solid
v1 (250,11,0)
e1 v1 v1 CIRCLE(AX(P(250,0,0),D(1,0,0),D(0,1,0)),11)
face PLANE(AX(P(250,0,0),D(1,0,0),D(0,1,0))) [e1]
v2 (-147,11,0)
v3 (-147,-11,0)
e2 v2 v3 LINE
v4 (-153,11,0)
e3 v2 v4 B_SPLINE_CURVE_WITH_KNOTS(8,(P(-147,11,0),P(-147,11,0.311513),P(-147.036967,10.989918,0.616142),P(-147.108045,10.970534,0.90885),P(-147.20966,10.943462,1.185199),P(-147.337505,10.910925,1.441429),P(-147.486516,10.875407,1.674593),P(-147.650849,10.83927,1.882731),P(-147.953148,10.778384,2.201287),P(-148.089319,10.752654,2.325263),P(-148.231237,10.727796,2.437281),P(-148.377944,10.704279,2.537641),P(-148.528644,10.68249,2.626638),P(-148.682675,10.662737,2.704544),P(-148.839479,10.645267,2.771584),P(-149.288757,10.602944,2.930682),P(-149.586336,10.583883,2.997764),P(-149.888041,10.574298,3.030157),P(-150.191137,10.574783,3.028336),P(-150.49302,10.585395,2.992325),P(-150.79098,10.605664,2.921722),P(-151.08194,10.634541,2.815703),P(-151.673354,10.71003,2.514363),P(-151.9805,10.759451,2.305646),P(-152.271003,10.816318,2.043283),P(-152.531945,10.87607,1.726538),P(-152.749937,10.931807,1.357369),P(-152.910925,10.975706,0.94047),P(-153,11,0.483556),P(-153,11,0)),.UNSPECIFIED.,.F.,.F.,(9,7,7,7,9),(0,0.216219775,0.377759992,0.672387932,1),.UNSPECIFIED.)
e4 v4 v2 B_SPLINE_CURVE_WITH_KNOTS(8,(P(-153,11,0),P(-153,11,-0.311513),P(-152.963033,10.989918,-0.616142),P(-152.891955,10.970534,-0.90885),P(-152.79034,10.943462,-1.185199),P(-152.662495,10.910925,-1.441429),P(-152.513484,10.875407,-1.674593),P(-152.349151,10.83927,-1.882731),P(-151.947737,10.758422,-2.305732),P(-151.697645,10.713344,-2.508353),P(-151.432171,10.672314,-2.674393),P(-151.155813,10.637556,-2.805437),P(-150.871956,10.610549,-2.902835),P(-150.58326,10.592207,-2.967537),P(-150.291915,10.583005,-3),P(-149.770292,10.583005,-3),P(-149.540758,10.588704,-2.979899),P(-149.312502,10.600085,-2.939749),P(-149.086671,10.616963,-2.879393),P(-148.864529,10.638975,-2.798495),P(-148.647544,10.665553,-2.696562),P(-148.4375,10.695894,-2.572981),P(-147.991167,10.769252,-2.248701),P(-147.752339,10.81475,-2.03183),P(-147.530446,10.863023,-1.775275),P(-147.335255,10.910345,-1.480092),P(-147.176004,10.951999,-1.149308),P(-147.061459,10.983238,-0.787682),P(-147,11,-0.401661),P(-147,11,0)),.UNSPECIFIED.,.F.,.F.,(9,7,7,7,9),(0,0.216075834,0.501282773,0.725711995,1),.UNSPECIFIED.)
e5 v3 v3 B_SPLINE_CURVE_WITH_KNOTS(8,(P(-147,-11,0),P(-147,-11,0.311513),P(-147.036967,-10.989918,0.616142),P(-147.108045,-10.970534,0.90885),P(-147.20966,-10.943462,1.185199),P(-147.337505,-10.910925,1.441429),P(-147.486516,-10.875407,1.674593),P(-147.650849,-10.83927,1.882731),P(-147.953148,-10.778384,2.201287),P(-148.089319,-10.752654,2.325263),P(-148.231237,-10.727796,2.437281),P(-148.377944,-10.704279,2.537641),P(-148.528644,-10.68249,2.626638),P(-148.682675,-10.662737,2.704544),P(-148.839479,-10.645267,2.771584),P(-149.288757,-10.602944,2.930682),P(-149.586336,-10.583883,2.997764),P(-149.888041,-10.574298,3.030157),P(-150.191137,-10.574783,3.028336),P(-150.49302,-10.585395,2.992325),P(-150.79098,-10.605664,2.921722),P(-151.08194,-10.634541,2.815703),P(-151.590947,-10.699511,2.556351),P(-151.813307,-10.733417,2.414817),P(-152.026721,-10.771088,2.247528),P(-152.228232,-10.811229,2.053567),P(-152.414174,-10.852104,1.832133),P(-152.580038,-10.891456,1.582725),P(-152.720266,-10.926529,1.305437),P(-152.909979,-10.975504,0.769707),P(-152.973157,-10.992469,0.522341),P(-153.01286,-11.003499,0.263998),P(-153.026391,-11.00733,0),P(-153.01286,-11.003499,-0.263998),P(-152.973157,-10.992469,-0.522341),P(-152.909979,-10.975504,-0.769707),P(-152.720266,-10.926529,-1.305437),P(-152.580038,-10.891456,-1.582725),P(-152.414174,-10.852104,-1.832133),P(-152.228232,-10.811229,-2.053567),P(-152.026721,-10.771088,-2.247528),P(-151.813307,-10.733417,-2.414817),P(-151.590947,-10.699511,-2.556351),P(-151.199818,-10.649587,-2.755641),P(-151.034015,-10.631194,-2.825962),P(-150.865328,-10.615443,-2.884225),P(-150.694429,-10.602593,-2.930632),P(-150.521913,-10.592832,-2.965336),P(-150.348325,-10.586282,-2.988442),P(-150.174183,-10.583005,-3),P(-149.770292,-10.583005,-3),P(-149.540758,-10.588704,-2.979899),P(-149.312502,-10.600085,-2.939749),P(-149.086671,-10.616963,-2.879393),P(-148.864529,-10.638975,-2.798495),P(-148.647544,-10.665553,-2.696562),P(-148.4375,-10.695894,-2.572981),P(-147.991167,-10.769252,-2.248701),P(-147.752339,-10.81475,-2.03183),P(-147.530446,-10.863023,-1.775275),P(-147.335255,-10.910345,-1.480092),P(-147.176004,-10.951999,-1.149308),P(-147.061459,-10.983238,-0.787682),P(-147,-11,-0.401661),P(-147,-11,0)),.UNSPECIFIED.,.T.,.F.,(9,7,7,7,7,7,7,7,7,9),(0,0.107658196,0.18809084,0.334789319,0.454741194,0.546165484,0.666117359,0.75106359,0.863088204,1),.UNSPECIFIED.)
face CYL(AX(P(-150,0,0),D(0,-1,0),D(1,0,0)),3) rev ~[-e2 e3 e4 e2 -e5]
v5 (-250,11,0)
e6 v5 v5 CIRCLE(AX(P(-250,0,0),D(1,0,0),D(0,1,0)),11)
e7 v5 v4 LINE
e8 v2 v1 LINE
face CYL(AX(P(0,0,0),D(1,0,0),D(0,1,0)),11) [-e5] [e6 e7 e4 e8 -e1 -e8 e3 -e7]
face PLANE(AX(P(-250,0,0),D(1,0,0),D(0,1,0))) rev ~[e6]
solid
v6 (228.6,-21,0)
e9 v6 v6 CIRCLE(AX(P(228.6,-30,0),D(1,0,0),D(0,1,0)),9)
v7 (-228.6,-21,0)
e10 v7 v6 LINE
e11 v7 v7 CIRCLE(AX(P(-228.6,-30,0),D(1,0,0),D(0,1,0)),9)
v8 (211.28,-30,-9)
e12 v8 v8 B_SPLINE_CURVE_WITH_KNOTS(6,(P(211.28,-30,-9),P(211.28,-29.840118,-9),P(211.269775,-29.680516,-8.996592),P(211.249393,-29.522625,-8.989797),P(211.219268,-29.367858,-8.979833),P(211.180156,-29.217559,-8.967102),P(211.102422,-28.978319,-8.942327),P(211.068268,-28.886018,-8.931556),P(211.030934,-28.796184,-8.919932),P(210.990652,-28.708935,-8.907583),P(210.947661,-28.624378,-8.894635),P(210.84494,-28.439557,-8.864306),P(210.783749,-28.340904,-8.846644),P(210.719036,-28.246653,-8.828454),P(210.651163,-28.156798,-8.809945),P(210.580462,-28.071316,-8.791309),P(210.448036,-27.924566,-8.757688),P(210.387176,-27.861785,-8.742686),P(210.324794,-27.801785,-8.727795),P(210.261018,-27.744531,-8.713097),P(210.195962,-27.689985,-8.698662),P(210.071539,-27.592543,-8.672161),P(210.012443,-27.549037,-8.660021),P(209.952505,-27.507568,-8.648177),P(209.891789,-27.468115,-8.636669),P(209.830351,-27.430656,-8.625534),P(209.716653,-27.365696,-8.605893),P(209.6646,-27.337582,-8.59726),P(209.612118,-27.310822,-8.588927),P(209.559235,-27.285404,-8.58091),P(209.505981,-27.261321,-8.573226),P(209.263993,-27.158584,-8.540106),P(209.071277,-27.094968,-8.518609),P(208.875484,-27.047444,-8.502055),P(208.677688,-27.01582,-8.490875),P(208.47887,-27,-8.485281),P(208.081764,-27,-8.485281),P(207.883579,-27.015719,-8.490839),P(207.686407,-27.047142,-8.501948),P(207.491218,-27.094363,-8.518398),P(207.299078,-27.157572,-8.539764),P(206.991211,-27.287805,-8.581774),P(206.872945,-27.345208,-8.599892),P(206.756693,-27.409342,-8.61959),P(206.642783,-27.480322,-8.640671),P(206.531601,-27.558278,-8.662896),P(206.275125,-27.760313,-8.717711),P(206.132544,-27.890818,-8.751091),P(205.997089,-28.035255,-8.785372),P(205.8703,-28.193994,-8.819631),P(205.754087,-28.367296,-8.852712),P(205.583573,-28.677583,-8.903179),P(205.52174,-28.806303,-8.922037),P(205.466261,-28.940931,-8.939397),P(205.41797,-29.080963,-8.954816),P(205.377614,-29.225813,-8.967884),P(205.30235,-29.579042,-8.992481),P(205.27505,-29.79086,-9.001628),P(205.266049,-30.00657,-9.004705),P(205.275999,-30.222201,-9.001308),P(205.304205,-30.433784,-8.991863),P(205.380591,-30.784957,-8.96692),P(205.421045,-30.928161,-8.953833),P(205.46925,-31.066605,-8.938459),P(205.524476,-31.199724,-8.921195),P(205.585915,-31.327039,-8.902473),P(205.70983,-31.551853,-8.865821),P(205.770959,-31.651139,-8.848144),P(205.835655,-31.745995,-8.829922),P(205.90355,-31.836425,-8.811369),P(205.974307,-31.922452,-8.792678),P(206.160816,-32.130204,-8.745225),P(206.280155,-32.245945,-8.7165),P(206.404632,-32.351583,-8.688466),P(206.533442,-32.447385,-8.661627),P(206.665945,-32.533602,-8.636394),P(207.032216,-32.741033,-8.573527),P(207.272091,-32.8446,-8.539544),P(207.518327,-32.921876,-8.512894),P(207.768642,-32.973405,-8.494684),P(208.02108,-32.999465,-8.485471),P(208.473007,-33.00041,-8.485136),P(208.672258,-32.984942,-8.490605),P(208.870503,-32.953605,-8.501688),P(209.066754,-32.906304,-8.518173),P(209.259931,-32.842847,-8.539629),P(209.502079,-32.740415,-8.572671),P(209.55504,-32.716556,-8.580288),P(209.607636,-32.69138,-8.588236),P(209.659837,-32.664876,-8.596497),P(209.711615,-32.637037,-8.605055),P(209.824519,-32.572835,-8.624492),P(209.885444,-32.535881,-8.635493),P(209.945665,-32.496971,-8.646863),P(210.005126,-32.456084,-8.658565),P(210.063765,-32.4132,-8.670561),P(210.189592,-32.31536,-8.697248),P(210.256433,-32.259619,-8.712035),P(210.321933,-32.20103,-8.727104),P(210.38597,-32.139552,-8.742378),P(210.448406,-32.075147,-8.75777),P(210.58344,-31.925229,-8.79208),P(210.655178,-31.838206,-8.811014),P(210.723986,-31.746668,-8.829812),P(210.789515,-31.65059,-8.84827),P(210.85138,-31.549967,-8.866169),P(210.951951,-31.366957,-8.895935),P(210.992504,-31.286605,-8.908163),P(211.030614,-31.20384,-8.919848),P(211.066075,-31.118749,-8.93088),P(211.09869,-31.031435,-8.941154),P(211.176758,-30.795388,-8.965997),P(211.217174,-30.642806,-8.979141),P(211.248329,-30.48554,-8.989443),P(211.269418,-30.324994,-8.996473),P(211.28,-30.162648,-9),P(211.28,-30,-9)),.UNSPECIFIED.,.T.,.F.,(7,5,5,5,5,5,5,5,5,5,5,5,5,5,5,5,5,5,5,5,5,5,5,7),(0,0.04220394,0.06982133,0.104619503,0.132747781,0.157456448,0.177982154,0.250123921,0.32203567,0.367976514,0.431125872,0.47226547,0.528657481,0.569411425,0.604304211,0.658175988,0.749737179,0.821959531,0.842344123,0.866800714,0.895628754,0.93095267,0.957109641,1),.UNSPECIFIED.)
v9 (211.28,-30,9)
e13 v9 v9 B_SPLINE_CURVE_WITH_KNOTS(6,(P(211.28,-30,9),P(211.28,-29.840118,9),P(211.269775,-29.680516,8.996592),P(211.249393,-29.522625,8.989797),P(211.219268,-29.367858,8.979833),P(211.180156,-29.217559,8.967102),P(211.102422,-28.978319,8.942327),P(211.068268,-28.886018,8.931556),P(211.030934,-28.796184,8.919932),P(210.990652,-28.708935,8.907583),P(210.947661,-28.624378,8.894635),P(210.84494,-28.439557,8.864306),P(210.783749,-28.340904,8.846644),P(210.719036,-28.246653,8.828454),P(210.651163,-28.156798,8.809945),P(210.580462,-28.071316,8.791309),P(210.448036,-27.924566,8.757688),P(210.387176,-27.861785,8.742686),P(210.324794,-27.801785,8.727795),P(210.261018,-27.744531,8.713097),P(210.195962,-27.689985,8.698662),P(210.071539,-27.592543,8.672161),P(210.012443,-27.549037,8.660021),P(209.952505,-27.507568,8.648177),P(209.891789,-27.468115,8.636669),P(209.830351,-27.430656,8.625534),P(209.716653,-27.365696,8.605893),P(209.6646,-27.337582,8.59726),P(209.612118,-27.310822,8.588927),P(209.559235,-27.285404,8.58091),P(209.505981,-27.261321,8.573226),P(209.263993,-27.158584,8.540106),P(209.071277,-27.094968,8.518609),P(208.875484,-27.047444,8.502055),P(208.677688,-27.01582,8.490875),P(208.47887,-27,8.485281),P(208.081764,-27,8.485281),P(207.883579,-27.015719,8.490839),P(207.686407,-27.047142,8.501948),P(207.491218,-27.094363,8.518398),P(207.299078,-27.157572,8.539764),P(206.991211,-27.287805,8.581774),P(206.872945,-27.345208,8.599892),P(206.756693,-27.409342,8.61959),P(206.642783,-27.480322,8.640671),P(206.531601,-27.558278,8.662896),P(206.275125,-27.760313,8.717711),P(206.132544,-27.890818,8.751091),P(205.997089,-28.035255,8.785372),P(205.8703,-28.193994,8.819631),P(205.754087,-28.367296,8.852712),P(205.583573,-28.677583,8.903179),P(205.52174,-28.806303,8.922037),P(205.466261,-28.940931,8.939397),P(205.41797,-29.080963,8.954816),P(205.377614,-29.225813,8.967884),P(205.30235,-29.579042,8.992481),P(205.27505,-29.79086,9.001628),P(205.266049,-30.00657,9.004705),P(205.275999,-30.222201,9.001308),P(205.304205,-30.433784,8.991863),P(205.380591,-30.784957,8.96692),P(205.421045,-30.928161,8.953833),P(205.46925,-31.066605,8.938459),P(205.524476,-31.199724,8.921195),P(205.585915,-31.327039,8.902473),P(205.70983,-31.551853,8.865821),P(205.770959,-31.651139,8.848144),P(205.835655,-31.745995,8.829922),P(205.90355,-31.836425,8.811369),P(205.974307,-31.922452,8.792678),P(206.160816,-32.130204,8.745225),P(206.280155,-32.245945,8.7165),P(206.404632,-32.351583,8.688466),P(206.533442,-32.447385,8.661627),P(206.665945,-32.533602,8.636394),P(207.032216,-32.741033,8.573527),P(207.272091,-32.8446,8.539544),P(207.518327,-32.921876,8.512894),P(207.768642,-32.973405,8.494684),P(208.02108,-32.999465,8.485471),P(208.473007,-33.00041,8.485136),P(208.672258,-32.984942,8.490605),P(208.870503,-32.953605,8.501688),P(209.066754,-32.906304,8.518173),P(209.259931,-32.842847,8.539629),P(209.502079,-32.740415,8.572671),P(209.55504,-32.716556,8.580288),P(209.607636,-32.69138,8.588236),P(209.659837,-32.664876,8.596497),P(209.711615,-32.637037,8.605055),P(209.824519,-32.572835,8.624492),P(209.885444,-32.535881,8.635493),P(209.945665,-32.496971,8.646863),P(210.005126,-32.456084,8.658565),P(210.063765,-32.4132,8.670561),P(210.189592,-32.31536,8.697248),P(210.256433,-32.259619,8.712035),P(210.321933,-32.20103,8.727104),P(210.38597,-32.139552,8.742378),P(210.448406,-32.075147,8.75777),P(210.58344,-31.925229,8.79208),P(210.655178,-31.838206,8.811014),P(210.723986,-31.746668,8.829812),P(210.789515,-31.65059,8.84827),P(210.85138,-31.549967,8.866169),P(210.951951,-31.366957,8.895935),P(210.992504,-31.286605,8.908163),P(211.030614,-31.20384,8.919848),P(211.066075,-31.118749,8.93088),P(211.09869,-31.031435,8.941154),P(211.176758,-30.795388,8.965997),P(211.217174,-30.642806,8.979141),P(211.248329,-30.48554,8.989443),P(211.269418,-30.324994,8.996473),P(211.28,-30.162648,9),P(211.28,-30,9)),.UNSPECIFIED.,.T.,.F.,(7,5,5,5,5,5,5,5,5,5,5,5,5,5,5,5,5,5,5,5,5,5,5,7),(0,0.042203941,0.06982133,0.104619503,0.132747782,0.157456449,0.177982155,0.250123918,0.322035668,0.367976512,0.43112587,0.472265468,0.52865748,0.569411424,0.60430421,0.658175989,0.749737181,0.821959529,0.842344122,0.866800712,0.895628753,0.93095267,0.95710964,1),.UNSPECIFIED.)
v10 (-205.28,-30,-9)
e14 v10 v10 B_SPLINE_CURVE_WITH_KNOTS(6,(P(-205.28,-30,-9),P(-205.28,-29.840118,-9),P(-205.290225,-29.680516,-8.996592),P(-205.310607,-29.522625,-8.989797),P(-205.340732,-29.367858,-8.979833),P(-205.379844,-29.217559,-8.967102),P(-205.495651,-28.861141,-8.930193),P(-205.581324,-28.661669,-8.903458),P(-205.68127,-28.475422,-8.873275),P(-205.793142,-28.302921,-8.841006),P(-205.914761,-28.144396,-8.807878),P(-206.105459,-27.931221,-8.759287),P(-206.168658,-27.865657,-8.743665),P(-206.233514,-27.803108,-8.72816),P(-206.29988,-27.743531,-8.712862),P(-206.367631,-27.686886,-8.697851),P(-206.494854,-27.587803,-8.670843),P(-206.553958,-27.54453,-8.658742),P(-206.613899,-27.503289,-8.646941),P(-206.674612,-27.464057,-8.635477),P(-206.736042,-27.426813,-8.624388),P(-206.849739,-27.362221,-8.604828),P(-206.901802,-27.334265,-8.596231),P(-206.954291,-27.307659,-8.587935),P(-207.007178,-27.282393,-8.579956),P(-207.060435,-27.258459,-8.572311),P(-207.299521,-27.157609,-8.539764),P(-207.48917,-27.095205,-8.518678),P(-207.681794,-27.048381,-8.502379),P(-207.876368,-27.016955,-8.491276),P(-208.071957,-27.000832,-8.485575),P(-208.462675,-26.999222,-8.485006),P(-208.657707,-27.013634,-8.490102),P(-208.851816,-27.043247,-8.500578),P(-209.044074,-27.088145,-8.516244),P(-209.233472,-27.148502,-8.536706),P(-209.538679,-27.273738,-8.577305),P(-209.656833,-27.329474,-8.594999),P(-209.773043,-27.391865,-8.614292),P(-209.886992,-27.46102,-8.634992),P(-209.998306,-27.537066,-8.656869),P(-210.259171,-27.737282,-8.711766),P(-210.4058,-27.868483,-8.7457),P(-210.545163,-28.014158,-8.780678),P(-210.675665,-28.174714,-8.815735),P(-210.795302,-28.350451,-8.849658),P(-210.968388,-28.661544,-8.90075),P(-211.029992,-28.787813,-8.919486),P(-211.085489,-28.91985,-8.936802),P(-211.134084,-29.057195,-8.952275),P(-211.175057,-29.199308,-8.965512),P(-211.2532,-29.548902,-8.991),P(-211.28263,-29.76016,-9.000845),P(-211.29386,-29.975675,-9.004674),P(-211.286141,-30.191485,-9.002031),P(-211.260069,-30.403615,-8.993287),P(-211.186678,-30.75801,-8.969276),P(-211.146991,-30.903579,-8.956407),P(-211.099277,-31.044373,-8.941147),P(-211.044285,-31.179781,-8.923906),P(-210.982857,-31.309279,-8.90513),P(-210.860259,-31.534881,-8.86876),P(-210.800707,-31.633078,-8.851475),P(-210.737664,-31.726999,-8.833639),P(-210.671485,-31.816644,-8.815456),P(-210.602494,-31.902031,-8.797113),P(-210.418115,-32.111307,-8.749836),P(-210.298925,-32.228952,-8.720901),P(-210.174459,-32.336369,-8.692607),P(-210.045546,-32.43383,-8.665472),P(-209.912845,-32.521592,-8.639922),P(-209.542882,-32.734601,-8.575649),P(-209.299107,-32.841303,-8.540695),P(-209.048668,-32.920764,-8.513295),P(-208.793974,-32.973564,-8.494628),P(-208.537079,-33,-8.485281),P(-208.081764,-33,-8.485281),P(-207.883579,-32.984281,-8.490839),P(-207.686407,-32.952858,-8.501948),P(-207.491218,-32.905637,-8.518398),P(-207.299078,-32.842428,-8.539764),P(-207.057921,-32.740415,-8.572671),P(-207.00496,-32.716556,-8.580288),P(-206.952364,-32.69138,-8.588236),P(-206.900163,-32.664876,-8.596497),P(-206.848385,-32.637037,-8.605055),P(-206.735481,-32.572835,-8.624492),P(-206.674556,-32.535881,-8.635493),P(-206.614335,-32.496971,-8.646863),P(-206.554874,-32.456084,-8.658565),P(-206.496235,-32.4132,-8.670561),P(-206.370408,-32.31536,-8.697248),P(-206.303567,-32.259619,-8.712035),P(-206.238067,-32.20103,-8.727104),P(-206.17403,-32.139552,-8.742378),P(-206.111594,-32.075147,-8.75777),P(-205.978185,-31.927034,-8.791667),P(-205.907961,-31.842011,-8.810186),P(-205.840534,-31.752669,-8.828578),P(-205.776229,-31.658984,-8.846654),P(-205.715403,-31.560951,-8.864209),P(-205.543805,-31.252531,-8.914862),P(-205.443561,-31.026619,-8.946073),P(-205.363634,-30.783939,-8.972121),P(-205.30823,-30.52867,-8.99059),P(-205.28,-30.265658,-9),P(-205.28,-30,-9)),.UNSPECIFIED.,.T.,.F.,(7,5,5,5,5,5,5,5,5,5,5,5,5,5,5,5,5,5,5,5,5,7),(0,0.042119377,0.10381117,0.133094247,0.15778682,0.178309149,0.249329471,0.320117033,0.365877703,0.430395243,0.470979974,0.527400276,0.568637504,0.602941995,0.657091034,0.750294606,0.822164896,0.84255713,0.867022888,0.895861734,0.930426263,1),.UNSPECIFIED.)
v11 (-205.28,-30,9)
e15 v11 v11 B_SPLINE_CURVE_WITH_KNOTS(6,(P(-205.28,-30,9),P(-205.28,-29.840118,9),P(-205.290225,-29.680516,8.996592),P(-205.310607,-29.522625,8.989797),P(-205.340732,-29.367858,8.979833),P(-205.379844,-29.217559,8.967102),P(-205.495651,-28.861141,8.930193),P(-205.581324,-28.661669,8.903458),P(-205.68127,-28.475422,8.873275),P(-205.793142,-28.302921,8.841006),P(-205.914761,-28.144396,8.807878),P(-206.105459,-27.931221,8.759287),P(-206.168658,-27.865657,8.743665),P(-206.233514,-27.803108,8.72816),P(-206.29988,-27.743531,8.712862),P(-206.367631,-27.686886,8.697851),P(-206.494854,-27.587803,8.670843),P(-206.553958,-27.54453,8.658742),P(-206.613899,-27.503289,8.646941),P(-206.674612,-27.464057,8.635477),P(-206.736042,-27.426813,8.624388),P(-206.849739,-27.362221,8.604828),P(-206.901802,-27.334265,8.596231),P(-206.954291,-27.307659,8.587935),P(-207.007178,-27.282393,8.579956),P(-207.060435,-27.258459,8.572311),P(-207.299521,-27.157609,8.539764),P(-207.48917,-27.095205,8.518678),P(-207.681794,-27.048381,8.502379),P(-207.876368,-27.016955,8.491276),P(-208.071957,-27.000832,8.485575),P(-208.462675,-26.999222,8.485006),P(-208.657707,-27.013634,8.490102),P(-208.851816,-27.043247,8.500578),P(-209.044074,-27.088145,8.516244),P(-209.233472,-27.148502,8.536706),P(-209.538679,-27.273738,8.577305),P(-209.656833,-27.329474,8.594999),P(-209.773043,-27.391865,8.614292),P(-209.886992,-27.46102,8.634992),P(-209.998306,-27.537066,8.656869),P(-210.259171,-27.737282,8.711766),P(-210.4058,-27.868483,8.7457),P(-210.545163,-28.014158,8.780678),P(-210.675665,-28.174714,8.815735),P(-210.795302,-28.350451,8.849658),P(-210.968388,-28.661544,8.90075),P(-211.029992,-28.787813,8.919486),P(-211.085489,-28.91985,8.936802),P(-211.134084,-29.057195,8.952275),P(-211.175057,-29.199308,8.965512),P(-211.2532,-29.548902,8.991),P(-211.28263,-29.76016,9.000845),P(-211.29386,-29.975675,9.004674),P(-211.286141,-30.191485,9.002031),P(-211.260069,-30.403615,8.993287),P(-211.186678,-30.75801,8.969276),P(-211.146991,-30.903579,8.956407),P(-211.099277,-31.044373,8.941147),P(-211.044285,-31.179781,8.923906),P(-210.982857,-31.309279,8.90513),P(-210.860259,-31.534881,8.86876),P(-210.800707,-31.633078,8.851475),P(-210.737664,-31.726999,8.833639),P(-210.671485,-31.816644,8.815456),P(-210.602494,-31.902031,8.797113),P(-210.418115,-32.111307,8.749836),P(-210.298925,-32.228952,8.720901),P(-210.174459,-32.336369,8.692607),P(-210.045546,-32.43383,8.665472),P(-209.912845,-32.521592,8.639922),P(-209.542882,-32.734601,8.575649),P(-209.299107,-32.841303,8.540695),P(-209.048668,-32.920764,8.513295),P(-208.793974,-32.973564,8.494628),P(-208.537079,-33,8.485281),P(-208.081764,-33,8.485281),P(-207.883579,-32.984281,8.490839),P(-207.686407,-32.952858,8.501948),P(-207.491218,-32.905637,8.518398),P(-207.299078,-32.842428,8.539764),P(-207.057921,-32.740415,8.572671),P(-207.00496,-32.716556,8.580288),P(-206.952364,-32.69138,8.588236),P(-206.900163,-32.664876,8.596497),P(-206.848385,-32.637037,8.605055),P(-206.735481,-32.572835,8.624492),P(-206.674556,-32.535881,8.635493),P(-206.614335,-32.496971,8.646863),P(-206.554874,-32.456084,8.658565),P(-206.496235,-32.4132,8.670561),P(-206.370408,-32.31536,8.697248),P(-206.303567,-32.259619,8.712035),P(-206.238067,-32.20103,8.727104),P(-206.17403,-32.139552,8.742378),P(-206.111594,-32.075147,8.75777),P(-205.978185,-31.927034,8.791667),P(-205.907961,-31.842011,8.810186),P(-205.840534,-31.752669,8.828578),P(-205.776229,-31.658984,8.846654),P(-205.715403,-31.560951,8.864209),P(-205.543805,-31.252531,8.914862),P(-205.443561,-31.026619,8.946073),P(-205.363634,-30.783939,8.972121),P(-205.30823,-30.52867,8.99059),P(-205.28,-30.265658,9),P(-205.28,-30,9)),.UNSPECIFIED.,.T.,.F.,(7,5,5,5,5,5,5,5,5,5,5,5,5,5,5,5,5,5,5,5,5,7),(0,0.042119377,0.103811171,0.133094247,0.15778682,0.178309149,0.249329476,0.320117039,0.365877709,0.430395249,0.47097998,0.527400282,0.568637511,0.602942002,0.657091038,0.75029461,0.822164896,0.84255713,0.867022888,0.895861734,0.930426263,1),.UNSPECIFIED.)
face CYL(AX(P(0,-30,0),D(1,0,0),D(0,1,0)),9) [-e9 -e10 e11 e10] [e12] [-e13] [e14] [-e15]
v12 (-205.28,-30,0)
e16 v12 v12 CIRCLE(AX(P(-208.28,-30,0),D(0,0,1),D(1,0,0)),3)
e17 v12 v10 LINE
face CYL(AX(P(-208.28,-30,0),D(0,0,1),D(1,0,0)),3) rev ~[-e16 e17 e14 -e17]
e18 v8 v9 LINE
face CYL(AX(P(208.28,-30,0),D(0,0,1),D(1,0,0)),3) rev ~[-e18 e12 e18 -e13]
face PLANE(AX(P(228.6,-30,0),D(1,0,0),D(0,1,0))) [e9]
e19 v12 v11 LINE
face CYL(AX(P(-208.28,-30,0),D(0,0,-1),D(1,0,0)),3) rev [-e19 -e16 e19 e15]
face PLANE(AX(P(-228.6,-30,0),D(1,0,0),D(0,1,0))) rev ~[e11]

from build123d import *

# Parameters (mm, degrees)
F0_R     = 11
F1_DEPTH = 250
F2_R     = 3
F3_DEPTH = 12.7
F0_R_2   = 9
F4_DEPTH = 228.6
F5_R     = 3
F6_DEPTH = 12.7


with BuildPart() as f1:
    # F0 (on Right) → F1 (new body, symmetric)
    with BuildSketch(Plane.YZ):
        Circle(F0_R)
    extrude(amount=F1_DEPTH, both=True)

    # F2 (on Front) → F3 (cut, symmetric)
    with BuildSketch(Plane.XZ):
        with Locations((-150, 0)):
            Circle(F2_R)
    extrude(amount=F3_DEPTH, both=True, mode=Mode.SUBTRACT)


with BuildPart() as f4:
    # F0 (on Right) → F4 (new body, symmetric)
    with BuildSketch(Plane.YZ):
        with Locations((-30, 0)):
            Circle(F0_R_2)
    extrude(amount=F4_DEPTH, both=True)

    # F5 (on Top) → F6 (cut, symmetric)
    with BuildSketch(Plane.XY):
        with Locations((-208.28, -30)):
            Circle(F5_R)
        with Locations((208.28, -30)):
            Circle(F5_R)
    extrude(amount=F6_DEPTH, both=True, mode=Mode.SUBTRACT)


solid = Compound([f1.part, f4.part])
